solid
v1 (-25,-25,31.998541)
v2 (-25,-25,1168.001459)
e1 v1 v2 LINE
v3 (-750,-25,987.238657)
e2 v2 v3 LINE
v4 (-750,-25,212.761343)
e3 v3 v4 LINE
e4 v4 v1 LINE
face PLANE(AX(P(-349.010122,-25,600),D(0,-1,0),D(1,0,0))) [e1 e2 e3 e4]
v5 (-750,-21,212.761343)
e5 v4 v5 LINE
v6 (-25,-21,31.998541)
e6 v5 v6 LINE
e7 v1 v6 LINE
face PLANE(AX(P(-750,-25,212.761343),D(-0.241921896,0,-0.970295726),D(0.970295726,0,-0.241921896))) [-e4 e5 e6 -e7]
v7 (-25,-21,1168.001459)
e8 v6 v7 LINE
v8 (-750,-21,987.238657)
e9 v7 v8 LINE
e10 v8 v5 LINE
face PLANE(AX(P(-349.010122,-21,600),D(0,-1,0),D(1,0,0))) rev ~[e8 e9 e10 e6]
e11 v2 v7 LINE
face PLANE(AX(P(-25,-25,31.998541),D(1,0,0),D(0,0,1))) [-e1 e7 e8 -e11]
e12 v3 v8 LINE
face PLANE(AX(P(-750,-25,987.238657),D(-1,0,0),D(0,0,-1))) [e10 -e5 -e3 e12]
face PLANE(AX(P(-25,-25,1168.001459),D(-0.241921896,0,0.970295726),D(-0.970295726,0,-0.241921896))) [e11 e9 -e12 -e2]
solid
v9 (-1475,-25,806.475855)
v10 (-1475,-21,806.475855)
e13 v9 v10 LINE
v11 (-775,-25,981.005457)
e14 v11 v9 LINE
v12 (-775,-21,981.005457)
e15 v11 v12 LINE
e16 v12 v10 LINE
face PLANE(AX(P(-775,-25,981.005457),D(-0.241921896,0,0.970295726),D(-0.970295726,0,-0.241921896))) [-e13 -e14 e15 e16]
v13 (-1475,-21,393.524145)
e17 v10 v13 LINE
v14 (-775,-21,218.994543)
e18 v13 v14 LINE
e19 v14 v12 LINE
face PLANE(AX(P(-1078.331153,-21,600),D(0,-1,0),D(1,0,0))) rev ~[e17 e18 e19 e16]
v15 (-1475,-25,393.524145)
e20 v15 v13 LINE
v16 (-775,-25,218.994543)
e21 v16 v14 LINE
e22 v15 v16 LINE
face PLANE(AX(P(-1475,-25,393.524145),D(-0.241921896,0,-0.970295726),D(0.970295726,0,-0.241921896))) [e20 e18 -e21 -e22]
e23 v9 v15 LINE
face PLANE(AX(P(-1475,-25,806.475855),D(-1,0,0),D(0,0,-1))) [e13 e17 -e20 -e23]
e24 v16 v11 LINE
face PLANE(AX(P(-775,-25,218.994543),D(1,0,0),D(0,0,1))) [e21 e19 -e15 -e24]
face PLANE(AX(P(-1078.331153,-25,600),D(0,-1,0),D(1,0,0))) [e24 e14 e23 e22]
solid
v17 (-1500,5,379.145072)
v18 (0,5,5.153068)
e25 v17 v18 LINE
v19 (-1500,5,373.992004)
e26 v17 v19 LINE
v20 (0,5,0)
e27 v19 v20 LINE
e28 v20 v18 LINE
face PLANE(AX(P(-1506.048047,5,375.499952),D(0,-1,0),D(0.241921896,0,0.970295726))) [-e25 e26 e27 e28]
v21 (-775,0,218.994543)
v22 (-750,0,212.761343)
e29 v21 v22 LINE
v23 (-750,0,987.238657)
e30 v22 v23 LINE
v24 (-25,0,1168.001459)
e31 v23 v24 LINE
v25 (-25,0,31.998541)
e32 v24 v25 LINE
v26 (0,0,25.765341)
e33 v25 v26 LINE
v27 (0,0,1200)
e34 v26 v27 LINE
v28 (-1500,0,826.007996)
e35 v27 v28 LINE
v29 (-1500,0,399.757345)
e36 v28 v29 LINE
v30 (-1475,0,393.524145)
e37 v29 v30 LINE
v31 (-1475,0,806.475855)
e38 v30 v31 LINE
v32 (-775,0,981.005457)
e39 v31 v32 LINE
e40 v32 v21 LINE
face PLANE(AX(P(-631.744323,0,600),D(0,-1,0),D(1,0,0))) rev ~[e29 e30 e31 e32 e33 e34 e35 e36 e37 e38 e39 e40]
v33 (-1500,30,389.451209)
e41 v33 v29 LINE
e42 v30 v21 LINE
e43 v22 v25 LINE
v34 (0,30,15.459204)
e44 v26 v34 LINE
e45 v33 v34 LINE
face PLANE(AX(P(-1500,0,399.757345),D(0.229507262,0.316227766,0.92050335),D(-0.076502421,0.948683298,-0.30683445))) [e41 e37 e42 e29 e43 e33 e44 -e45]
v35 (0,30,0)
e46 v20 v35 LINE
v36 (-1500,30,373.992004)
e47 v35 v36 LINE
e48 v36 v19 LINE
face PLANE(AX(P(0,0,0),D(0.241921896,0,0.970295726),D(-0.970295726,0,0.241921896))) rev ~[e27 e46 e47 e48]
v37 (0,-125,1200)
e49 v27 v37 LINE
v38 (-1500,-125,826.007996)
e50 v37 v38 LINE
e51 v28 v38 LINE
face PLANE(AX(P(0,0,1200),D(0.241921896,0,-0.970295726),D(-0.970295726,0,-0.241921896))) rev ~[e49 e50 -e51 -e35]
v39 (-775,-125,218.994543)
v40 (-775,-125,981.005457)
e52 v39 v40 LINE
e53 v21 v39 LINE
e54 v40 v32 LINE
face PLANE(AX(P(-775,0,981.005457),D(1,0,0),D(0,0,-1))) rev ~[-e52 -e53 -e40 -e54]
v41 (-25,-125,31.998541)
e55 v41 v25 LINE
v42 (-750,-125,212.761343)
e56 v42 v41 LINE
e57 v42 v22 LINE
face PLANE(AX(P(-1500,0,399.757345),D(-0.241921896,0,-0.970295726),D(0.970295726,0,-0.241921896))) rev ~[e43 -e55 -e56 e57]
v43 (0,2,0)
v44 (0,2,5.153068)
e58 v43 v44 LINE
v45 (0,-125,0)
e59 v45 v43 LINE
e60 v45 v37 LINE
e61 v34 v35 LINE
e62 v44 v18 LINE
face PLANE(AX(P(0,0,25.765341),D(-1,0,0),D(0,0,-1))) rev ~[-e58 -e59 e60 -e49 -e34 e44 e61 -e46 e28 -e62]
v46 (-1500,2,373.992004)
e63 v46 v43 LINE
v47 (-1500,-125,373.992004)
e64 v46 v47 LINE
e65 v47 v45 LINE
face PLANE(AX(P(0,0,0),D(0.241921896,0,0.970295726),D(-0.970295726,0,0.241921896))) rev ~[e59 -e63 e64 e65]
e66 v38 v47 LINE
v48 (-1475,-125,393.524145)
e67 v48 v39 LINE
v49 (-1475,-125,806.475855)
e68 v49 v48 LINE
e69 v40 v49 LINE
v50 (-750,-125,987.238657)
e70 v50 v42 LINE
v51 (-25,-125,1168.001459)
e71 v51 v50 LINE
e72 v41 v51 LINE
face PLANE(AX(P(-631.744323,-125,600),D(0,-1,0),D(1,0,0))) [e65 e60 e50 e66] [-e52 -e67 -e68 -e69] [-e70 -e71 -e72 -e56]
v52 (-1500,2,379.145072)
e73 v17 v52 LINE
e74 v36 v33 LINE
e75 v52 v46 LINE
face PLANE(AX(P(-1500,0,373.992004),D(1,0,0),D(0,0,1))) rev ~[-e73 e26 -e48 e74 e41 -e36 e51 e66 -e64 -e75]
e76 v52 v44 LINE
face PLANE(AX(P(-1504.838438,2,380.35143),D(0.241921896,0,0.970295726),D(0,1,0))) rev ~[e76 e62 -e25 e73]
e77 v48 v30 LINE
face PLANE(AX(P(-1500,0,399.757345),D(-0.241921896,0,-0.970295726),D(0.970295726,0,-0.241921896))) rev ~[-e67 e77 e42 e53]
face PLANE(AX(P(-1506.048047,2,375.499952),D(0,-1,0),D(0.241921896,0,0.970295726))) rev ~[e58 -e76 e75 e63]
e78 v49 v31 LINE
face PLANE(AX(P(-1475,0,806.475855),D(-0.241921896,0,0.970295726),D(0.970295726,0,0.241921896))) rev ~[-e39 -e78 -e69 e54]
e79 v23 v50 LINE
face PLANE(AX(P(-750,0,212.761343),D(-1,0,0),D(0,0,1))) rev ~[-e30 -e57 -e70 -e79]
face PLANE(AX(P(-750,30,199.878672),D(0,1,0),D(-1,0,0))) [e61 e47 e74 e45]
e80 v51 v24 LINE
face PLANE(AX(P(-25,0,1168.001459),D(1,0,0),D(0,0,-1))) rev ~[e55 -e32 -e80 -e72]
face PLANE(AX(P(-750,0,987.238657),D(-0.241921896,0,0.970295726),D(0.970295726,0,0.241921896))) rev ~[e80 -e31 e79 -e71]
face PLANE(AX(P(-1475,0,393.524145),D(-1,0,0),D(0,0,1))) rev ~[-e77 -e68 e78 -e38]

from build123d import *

# Parameters (mm, degrees)
F1_DEPTH  = 125
F3_DEPTH  = 50
F5_DEPTH  = 125.001
F9_DEPTH  = 30
F12_DEPTH = 1552.1546440959
F13_W     = 3
F13_H     = 5
F14_DEPTH = 1552.1546440959
F15_DEPTH = 4


with BuildPart() as f1:
    # F0 (on Front) → F1 (new body)
    with BuildSketch(Plane.XZ):
        Polygon((-1500, 373.9920042648), (0, 0), (0, 1200), (-1500, 826.0079957352), align=None)
    extrude(amount=F1_DEPTH)

    # F2 (on face) → F3 (cut)
    with BuildSketch(Plane.XZ.offset(125)):
        Polygon((-25, 31.9985408048), (-25, 1168.0014591952), (-750, 987.2386571339), (-750, 212.7613428661), align=None)
        Polygon((-1475, 806.4758550726), (-1475, 393.5241449274), (-775, 218.9945429372), (-775, 981.0054570628), align=None)
    extrude(amount=-F3_DEPTH, mode=Mode.SUBTRACT)

    # F4 (on face) → F5 (cut, through all)
    with BuildSketch(Plane(origin=(0, 0, 0), x_dir=(-1, 0, 0), z_dir=(0, 1, 0))):
        Polygon((750, 987.2386571339), (25, 1168.0014591952), (25, 31.9985408048), (750, 212.7613428661), align=None)
        Polygon((775, 218.9945429372), (1475, 393.5241449274), (1475, 806.4758550726), (775, 981.0054570628), align=None)
    extrude(amount=-F5_DEPTH, mode=Mode.SUBTRACT)

    # F8 (on face) → F9 (join)
    with BuildSketch(Plane(origin=(0, 0, 0), x_dir=(-1, 0, 0), z_dir=(0, 1, 0))):
        Polygon((1500, 399.7573449985), (750, 212.7613428661), (25, 31.9985408048), (0, 25.7653407337), (0, 0), (1500, 373.9920042648), align=None)
    extrude(amount=F9_DEPTH)

    # F11 (on face) → F12 (cut, through all)
    with BuildSketch(Plane(origin=(-1506.04804739, 0, 375.4999518416), x_dir=(0, 1, 0), z_dir=(0.9702957263, 0, -0.2419218956))):
        Polygon((30, 15), (30, 25), (0, 25), align=None)
    extrude(amount=F12_DEPTH, mode=Mode.SUBTRACT)

    # F13 (on face) → F14 (cut, through all)
    with BuildSketch(Plane(origin=(-1506.04804739, 0, 375.4999518416), x_dir=(0, 1, 0), z_dir=(0.9702957263, 0, -0.2419218956))):
        with Locations((3.5, 2.5)):
            Rectangle(F13_W, F13_H)
    extrude(amount=F14_DEPTH, mode=Mode.SUBTRACT)


with BuildPart() as f15:
    # F7 (on offset) → F15 (new body)
    with BuildSketch(Plane.XZ.offset(25)):
        Polygon((-25, 31.9985408048), (-25, 1168.0014591952), (-750, 987.2386571339), (-750, 212.7613428661), align=None)
    extrude(amount=-F15_DEPTH)


with BuildPart() as f15b:
    # F7 (on offset) → F15, piece 2 (new body)
    with BuildSketch(Plane.XZ.offset(25)):
        Polygon((-775, 218.9945429372), (-775, 981.0054570628), (-1475, 806.4758550726), (-1475, 393.5241449274), align=None)
    extrude(amount=-F15_DEPTH)


solid = Compound([f1.part, f15.part, f15b.part])
